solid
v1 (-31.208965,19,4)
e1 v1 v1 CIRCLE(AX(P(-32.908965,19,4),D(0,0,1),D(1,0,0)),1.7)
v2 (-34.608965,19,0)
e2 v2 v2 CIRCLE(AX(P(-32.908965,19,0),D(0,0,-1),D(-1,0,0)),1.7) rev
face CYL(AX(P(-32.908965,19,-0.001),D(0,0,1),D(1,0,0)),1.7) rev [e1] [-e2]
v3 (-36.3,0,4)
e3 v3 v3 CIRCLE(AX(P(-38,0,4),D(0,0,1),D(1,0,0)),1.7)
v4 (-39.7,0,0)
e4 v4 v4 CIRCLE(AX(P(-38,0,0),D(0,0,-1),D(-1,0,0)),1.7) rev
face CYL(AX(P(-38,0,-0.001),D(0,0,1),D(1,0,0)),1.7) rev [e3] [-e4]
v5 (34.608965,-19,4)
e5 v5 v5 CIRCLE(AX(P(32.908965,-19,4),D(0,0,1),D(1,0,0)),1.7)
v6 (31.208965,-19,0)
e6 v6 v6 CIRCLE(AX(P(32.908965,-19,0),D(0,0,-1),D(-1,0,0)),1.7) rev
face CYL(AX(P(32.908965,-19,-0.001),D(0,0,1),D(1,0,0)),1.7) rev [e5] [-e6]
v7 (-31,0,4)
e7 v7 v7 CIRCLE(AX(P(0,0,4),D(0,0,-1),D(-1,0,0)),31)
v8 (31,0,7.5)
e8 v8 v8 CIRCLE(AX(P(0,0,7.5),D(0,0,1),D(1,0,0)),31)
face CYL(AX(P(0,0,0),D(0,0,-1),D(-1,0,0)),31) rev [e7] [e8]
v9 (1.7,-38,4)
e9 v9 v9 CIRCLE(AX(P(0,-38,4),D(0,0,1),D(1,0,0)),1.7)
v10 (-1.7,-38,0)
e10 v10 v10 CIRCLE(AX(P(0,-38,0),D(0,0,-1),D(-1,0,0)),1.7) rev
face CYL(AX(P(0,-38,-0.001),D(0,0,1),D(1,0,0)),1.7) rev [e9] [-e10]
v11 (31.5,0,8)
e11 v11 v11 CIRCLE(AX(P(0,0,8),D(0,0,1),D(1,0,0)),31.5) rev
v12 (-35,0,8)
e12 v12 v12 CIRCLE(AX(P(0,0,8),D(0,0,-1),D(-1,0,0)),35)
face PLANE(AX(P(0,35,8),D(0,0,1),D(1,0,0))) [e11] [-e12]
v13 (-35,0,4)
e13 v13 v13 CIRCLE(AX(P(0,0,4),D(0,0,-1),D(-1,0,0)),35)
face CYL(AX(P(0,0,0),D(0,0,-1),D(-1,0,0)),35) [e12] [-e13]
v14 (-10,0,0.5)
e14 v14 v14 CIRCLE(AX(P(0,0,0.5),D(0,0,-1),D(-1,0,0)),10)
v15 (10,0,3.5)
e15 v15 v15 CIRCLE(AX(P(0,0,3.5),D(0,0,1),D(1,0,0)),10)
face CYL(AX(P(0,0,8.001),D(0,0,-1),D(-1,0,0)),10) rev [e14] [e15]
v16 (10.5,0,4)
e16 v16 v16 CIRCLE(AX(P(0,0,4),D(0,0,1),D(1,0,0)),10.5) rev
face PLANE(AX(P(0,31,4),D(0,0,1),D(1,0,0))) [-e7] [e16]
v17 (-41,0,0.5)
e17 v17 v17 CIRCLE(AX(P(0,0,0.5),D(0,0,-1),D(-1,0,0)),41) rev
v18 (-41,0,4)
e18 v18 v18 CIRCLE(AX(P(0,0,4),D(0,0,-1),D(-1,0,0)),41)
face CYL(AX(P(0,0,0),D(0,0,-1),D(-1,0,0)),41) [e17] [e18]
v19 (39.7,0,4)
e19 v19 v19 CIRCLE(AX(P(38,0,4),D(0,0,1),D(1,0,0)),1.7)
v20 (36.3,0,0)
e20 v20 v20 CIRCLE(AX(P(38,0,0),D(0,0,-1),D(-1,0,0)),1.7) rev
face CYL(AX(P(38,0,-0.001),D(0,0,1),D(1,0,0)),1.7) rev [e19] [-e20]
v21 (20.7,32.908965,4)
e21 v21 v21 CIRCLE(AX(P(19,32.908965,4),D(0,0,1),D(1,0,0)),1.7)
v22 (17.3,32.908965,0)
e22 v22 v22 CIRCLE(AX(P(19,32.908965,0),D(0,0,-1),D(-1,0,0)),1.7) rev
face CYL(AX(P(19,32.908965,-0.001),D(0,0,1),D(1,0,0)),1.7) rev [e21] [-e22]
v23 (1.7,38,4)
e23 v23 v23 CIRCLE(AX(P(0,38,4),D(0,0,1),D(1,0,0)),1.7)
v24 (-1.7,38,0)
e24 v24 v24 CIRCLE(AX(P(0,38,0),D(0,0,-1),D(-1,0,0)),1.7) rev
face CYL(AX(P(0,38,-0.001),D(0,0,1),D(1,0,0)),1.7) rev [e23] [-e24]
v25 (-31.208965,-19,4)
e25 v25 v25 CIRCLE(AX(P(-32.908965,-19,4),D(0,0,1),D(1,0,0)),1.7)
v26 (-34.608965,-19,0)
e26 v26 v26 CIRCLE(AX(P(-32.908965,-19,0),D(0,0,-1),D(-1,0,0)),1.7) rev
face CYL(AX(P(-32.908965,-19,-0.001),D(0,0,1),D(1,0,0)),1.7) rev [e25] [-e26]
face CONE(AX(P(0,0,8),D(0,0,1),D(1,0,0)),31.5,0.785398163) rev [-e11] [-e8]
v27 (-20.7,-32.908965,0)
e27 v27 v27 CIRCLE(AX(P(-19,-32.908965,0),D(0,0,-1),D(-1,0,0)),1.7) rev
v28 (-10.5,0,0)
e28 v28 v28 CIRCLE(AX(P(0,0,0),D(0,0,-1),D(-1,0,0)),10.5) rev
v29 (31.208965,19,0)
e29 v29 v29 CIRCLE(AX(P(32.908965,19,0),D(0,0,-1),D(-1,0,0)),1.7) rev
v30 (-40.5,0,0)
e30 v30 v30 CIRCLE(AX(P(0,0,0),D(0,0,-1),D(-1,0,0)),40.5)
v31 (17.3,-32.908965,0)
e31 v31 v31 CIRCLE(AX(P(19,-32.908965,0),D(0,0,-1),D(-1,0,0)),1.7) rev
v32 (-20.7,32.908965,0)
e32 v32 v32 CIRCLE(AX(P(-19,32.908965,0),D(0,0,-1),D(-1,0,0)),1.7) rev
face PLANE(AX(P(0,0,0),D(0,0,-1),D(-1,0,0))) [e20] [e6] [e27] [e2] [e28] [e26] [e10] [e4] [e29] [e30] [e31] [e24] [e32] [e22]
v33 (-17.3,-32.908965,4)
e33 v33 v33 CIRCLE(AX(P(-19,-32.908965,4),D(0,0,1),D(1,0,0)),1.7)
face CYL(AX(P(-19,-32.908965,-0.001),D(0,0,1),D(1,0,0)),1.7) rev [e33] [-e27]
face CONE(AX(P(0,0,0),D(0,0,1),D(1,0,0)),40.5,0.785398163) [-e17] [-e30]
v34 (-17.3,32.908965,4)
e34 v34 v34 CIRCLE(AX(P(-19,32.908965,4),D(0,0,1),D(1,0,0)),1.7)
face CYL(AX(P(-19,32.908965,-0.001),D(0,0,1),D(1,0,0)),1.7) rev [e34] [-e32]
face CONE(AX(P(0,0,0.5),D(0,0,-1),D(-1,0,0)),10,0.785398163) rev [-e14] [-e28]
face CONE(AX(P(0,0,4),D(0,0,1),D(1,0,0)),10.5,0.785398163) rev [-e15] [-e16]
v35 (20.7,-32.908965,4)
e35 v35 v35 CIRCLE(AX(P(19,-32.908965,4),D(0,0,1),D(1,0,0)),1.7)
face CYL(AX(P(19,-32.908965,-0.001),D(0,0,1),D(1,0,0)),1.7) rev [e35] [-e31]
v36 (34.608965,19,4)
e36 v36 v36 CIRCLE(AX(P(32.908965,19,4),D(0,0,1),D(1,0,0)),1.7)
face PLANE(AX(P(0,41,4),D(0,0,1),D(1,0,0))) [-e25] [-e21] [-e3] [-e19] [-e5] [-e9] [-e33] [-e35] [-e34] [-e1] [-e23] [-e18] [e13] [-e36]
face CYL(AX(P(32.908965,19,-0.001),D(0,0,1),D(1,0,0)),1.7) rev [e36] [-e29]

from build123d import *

# Parameters (mm, degrees)
CUT_EXTRUDE_1_REACH = 60.121
SKETCH_2_R          = 1.7
CUT_EXTRUDE_2_REACH = 60.532
SKETCH_3_R          = 10
CHAMFER_1_SIZE      = 0.5


with BuildPart() as part:
    # 草图1 → 旋转1 (revolve)
    with BuildSketch(Plane(origin=(0, 0, 0), x_dir=(0, 0, -1), z_dir=(1, 0, 0)), mode=Mode.PRIVATE) as revolve_1_sk:
        Polygon((0, 0), (0, 41), (-4, 41), (-4, 35), (-8, 35), (-8, 31), (-4, 31), (-4, 0), align=None)
    revolve(revolve_1_sk.sketch.rotate(Axis((0, 0, 0), (0, 0, 1)), 90), axis=Axis((0, 0, 0), (0, 0, 1)))

    # 草图2 → 切除-拉伸1 (cut, up to next)
    with BuildSketch(Plane.XY.offset(4), mode=Mode.PRIVATE) as cut_extrude_1_sk1:
        with Locations((0, 38)):
            Circle(SKETCH_2_R)
    cut_extrude_1_tool1 = extrude(cut_extrude_1_sk1.sketch, amount=-CUT_EXTRUDE_1_REACH, mode=Mode.PRIVATE) & part.part
    # 草图2 → 切除-拉伸1 (cut, up to next)
    with BuildSketch(Plane.XY.offset(4), mode=Mode.PRIVATE) as cut_extrude_1_sk2:
        with Locations((19, 32.908965344)):
            Circle(SKETCH_2_R)
    cut_extrude_1_tool2 = extrude(cut_extrude_1_sk2.sketch, amount=-CUT_EXTRUDE_1_REACH, mode=Mode.PRIVATE) & part.part
    # 草图2 → 切除-拉伸1 (cut, up to next)
    with BuildSketch(Plane.XY.offset(4), mode=Mode.PRIVATE) as cut_extrude_1_sk3:
        with Locations((32.908965344, 19)):
            Circle(SKETCH_2_R)
    cut_extrude_1_tool3 = extrude(cut_extrude_1_sk3.sketch, amount=-CUT_EXTRUDE_1_REACH, mode=Mode.PRIVATE) & part.part
    # 草图2 → 切除-拉伸1 (cut, up to next)
    with BuildSketch(Plane.XY.offset(4), mode=Mode.PRIVATE) as cut_extrude_1_sk4:
        with Locations((38, 0)):
            Circle(SKETCH_2_R)
    cut_extrude_1_tool4 = extrude(cut_extrude_1_sk4.sketch, amount=-CUT_EXTRUDE_1_REACH, mode=Mode.PRIVATE) & part.part
    # 草图2 → 切除-拉伸1 (cut, up to next)
    with BuildSketch(Plane.XY.offset(4), mode=Mode.PRIVATE) as cut_extrude_1_sk5:
        with Locations((32.908965344, -19)):
            Circle(SKETCH_2_R)
    cut_extrude_1_tool5 = extrude(cut_extrude_1_sk5.sketch, amount=-CUT_EXTRUDE_1_REACH, mode=Mode.PRIVATE) & part.part
    # 草图2 → 切除-拉伸1 (cut, up to next)
    with BuildSketch(Plane.XY.offset(4), mode=Mode.PRIVATE) as cut_extrude_1_sk6:
        with Locations((19, -32.908965344)):
            Circle(SKETCH_2_R)
    cut_extrude_1_tool6 = extrude(cut_extrude_1_sk6.sketch, amount=-CUT_EXTRUDE_1_REACH, mode=Mode.PRIVATE) & part.part
    # 草图2 → 切除-拉伸1 (cut, up to next)
    with BuildSketch(Plane.XY.offset(4), mode=Mode.PRIVATE) as cut_extrude_1_sk7:
        with Locations((0, -38)):
            Circle(SKETCH_2_R)
    cut_extrude_1_tool7 = extrude(cut_extrude_1_sk7.sketch, amount=-CUT_EXTRUDE_1_REACH, mode=Mode.PRIVATE) & part.part
    # 草图2 → 切除-拉伸1 (cut, up to next)
    with BuildSketch(Plane.XY.offset(4), mode=Mode.PRIVATE) as cut_extrude_1_sk8:
        with Locations((-19, -32.908965344)):
            Circle(SKETCH_2_R)
    cut_extrude_1_tool8 = extrude(cut_extrude_1_sk8.sketch, amount=-CUT_EXTRUDE_1_REACH, mode=Mode.PRIVATE) & part.part
    # 草图2 → 切除-拉伸1 (cut, up to next)
    with BuildSketch(Plane.XY.offset(4), mode=Mode.PRIVATE) as cut_extrude_1_sk9:
        with Locations((-32.908965344, -19)):
            Circle(SKETCH_2_R)
    cut_extrude_1_tool9 = extrude(cut_extrude_1_sk9.sketch, amount=-CUT_EXTRUDE_1_REACH, mode=Mode.PRIVATE) & part.part
    # 草图2 → 切除-拉伸1 (cut, up to next)
    with BuildSketch(Plane.XY.offset(4), mode=Mode.PRIVATE) as cut_extrude_1_sk10:
        with Locations((-38, 0)):
            Circle(SKETCH_2_R)
    cut_extrude_1_tool10 = extrude(cut_extrude_1_sk10.sketch, amount=-CUT_EXTRUDE_1_REACH, mode=Mode.PRIVATE) & part.part
    # 草图2 → 切除-拉伸1 (cut, up to next)
    with BuildSketch(Plane.XY.offset(4), mode=Mode.PRIVATE) as cut_extrude_1_sk11:
        with Locations((-32.908965344, 19)):
            Circle(SKETCH_2_R)
    cut_extrude_1_tool11 = extrude(cut_extrude_1_sk11.sketch, amount=-CUT_EXTRUDE_1_REACH, mode=Mode.PRIVATE) & part.part
    # 草图2 → 切除-拉伸1 (cut, up to next)
    with BuildSketch(Plane.XY.offset(4), mode=Mode.PRIVATE) as cut_extrude_1_sk12:
        with Locations((-19, 32.908965344)):
            Circle(SKETCH_2_R)
    cut_extrude_1_tool12 = extrude(cut_extrude_1_sk12.sketch, amount=-CUT_EXTRUDE_1_REACH, mode=Mode.PRIVATE) & part.part
    add(cut_extrude_1_tool1.solids().sort_by_distance((0, 38, 4))[0], mode=Mode.SUBTRACT)
    add(cut_extrude_1_tool2.solids().sort_by_distance((19, 32.908965, 4))[0], mode=Mode.SUBTRACT)
    add(cut_extrude_1_tool3.solids().sort_by_distance((32.908965, 19, 4))[0], mode=Mode.SUBTRACT)
    add(cut_extrude_1_tool4.solids().sort_by_distance((38, 0, 4))[0], mode=Mode.SUBTRACT)
    add(cut_extrude_1_tool5.solids().sort_by_distance((32.908965, -19, 4))[0], mode=Mode.SUBTRACT)
    add(cut_extrude_1_tool6.solids().sort_by_distance((19, -32.908965, 4))[0], mode=Mode.SUBTRACT)
    add(cut_extrude_1_tool7.solids().sort_by_distance((0, -38, 4))[0], mode=Mode.SUBTRACT)
    add(cut_extrude_1_tool8.solids().sort_by_distance((-19, -32.908965, 4))[0], mode=Mode.SUBTRACT)
    add(cut_extrude_1_tool9.solids().sort_by_distance((-32.908965, -19, 4))[0], mode=Mode.SUBTRACT)
    add(cut_extrude_1_tool10.solids().sort_by_distance((-38, 0, 4))[0], mode=Mode.SUBTRACT)
    add(cut_extrude_1_tool11.solids().sort_by_distance((-32.908965, 19, 4))[0], mode=Mode.SUBTRACT)
    add(cut_extrude_1_tool12.solids().sort_by_distance((-19, 32.908965, 4))[0], mode=Mode.SUBTRACT)

    # 草图3 → 切除-拉伸2 (cut, up to next)
    with BuildSketch(Plane(origin=(0, 0, 0), x_dir=(-1, 0, 0), z_dir=(0, 0, -1)), mode=Mode.PRIVATE) as cut_extrude_2_sk1:
        Circle(SKETCH_3_R)
    cut_extrude_2_tool1 = extrude(cut_extrude_2_sk1.sketch, amount=-CUT_EXTRUDE_2_REACH, mode=Mode.PRIVATE) & part.part
    add(cut_extrude_2_tool1.solids().sort_by_distance((0, 0, 0))[0], mode=Mode.SUBTRACT)

    # 倒角1
    chamfer_1_edges = [part.edges().sort_by_distance(p)[0] for p in [
        (10, 0, 4),
        (10, 0, 0),
        (31, 0, 8),
        (41, 0, 0),
    ]]
    chamfer(chamfer_1_edges, length=CHAMFER_1_SIZE)


solid = part.part
